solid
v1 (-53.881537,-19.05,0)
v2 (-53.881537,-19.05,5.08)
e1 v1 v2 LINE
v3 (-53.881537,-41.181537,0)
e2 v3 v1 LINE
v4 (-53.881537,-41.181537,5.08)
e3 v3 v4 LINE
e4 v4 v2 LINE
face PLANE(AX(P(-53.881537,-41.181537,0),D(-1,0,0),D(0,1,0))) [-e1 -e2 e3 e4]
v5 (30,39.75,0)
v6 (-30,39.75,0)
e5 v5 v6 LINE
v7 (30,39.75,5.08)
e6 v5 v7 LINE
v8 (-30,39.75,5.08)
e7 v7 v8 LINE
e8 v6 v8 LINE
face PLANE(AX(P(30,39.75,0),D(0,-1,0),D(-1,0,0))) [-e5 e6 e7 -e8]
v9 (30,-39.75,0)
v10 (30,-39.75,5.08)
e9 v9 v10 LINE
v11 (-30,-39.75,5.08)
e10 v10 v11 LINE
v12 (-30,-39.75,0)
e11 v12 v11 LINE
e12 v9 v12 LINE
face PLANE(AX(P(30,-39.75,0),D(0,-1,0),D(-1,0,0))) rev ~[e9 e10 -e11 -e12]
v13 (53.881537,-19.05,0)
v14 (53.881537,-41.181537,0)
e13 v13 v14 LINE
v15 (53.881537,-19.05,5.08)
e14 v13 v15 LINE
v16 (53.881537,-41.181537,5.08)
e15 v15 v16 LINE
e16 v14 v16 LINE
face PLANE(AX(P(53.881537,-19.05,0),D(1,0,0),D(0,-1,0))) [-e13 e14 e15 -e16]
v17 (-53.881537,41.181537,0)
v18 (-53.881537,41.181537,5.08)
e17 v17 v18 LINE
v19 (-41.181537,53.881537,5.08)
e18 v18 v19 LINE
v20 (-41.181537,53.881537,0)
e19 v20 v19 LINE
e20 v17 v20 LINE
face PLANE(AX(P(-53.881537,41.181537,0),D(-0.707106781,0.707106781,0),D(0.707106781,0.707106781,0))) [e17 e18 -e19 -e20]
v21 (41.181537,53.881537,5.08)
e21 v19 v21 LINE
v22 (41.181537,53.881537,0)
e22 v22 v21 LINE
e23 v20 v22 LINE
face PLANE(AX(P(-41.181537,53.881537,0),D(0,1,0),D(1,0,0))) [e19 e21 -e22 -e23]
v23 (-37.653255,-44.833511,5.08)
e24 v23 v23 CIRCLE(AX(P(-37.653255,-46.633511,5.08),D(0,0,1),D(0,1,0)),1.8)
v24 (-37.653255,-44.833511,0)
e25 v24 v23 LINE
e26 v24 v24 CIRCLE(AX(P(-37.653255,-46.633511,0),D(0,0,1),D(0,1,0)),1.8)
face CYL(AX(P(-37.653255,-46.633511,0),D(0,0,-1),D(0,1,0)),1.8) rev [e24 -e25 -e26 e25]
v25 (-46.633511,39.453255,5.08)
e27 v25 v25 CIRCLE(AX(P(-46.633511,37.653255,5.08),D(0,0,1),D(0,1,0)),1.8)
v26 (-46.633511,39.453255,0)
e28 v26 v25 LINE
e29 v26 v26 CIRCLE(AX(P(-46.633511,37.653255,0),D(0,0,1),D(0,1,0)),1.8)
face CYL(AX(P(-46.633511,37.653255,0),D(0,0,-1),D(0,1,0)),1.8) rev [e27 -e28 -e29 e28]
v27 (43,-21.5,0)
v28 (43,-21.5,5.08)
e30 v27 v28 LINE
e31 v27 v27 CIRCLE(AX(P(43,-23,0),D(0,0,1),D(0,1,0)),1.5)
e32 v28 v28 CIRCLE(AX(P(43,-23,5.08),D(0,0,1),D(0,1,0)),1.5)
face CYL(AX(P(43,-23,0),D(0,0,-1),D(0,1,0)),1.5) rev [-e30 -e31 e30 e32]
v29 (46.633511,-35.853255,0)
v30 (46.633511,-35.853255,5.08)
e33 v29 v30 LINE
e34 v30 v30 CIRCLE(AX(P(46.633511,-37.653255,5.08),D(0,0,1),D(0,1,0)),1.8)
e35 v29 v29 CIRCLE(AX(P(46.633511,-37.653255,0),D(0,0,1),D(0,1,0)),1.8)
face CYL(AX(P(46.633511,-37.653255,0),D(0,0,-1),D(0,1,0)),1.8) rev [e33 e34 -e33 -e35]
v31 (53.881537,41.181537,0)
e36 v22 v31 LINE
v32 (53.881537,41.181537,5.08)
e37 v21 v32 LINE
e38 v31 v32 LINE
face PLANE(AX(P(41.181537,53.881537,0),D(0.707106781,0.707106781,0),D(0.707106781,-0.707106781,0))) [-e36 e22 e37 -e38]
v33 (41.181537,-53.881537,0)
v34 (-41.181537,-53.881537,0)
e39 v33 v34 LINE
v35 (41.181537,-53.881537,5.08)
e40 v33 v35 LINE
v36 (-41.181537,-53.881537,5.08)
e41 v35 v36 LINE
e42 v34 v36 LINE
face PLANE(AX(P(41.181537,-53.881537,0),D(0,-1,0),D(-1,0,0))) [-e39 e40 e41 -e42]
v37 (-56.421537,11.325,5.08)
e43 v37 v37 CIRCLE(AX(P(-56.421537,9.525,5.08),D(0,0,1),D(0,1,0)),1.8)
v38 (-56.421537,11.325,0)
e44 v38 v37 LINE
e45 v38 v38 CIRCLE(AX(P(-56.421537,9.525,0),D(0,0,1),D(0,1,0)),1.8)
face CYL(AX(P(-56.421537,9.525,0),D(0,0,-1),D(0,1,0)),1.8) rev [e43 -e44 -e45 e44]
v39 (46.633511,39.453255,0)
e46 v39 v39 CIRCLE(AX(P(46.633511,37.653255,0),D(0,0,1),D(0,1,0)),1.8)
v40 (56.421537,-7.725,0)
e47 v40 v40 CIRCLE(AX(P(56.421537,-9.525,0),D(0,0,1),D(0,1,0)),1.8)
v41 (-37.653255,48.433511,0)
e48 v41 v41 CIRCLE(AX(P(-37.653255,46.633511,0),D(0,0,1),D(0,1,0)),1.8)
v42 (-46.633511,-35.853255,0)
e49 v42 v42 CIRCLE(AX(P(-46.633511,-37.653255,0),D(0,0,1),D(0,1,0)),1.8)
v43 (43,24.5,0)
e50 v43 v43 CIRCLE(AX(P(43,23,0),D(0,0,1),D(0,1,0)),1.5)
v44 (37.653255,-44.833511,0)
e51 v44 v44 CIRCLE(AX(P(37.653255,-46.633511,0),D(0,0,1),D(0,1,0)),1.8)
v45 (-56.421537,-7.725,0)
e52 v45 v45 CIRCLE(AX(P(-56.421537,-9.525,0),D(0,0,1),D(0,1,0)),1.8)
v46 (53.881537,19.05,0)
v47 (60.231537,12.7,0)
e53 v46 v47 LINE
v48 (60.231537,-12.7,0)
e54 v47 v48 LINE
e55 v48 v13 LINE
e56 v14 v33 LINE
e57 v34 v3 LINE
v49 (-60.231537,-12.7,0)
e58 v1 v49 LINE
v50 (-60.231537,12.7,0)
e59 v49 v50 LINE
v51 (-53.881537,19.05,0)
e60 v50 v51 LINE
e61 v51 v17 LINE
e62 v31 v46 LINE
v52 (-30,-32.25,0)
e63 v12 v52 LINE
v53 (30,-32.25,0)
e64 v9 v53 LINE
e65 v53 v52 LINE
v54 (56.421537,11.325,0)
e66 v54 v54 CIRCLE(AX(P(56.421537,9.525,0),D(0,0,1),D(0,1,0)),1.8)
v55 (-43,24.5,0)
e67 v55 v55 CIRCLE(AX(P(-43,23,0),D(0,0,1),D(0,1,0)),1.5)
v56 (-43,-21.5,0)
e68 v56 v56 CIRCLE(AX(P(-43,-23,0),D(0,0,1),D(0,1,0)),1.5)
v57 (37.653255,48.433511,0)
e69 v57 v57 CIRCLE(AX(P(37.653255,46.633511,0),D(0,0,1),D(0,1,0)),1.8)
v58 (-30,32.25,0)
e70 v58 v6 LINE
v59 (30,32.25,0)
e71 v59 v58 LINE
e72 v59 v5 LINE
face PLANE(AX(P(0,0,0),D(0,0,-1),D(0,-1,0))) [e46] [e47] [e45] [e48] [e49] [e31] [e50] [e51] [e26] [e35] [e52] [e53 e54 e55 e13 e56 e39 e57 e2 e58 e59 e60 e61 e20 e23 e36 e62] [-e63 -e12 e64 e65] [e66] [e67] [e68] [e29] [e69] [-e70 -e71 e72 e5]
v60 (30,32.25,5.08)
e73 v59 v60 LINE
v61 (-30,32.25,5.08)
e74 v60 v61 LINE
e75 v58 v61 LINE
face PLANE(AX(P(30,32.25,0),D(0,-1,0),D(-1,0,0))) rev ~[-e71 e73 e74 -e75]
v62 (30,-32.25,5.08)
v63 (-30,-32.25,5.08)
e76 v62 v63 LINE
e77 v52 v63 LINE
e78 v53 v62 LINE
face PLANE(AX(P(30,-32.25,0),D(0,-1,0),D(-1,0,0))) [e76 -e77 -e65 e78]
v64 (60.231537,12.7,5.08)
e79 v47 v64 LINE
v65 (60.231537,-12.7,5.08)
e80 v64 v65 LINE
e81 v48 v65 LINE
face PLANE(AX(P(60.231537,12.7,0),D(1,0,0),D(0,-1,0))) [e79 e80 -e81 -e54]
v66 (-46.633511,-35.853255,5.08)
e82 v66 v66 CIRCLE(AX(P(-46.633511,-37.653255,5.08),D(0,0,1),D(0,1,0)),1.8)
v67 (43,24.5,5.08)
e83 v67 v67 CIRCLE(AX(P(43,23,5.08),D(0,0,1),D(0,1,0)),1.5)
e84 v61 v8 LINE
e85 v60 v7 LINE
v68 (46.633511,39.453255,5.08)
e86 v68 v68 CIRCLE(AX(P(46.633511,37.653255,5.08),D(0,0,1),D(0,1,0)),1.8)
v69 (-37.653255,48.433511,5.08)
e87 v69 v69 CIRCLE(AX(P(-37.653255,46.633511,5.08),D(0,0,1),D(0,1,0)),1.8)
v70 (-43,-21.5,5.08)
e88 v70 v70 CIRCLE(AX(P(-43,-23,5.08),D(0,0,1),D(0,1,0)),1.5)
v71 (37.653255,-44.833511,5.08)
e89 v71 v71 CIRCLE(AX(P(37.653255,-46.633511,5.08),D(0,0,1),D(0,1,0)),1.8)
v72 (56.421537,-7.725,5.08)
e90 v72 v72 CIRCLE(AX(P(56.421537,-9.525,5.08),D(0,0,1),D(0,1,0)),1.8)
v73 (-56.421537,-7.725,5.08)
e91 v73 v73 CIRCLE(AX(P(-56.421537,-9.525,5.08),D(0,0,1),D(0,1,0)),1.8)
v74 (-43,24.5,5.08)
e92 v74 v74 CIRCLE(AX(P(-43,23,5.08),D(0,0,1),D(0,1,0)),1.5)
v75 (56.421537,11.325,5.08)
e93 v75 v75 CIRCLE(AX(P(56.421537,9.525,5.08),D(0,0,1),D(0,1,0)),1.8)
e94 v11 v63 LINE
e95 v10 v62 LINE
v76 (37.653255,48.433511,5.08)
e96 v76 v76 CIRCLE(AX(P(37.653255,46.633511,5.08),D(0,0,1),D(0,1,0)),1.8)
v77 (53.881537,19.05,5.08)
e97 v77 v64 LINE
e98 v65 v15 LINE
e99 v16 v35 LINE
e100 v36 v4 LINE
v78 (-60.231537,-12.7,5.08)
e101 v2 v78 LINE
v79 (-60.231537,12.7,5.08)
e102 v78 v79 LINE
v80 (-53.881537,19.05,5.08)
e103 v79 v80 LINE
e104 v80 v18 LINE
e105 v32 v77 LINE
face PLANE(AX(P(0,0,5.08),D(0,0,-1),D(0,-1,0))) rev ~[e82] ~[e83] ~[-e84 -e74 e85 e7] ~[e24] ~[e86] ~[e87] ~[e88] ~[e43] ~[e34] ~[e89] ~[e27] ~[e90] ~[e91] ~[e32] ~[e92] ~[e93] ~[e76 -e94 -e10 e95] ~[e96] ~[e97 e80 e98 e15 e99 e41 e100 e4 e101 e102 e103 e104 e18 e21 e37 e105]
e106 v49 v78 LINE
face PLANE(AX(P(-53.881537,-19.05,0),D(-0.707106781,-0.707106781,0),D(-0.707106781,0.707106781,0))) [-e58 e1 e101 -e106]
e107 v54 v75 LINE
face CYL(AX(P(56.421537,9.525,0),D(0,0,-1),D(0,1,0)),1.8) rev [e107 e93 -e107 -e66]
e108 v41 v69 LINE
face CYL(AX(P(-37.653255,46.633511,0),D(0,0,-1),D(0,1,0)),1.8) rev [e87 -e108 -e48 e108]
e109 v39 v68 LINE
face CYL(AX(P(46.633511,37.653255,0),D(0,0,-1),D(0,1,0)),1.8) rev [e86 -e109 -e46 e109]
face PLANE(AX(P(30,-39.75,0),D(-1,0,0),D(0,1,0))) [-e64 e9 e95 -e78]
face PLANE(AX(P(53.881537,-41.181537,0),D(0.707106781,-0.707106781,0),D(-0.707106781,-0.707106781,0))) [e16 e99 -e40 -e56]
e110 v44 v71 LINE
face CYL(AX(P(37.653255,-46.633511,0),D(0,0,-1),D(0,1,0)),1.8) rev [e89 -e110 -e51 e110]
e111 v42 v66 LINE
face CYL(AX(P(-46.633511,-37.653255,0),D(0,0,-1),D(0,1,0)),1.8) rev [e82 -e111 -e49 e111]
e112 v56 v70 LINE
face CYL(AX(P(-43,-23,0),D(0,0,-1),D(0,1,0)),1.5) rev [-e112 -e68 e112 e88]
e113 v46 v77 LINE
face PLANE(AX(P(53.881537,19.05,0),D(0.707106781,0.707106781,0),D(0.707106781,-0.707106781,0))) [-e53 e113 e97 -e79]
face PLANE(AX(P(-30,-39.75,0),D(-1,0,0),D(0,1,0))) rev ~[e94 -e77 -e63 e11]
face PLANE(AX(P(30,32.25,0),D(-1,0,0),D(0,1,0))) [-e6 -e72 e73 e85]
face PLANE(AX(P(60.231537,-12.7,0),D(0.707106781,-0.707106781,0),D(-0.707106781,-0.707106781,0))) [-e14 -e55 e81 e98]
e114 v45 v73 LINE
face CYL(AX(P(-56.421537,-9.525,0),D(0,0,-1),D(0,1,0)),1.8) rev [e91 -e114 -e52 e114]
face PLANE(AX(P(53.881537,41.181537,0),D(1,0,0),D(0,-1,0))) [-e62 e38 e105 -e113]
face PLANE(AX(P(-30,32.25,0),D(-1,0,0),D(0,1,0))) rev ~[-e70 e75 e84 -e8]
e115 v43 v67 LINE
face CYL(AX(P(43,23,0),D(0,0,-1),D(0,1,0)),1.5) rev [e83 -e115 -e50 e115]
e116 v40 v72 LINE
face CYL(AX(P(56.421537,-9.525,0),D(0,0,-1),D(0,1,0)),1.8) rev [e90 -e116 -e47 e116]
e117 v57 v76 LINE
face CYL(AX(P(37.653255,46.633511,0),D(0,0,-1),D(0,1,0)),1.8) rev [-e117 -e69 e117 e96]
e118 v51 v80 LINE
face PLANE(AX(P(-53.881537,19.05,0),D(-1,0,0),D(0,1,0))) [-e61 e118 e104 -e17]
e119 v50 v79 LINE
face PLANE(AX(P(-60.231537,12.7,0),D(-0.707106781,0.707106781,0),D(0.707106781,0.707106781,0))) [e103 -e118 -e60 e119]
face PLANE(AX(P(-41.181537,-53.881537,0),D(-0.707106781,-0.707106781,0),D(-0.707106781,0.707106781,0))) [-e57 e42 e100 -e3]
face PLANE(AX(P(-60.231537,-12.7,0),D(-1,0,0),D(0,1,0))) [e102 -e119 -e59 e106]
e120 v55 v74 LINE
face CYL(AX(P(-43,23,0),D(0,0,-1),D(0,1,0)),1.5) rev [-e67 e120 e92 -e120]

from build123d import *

# Parameters (mm, degrees)
SKETCH1_R           = 1.8
SKETCH1_R_2         = 1.5
SKETCH1_W           = 7.5
SKETCH1_H           = 60
BOSS_EXTRUDE1_DEPTH = 5.08


with BuildPart() as part:
    # Sketch1 → Boss-Extrude1 (new body)
    with BuildSketch(Plane(origin=(0, 0, 0), x_dir=(0, 1, 0), z_dir=(0, 0, 1))):
        Polygon((-41.181536726, 53.881536726), (-19.05, 53.881536726), (-12.7, 60.231536726), (12.7, 60.231536726), (19.05, 53.881536726), (41.181536726, 53.881536726), (53.881536726, 41.181536726), (53.881536726, -41.181536726), (41.181536726, -53.881536726), (19.05, -53.881536726), (12.7, -60.231536726), (-12.7, -60.231536726), (-19.05, -53.881536726), (-41.181536726, -53.881536726), (-53.881536726, -41.181536726), (-53.881536726, 41.181536726), align=None)
        with Locations((-46.633511114, -37.653254993)):
            Circle(SKETCH1_R, mode=Mode.SUBTRACT)
        with Locations((-37.653254993, -46.633511114)):
            Circle(SKETCH1_R, mode=Mode.SUBTRACT)
        with Locations((46.633511114, -37.653254993)):
            Circle(SKETCH1_R, mode=Mode.SUBTRACT)
        with Locations((37.653254993, -46.633511114)):
            Circle(SKETCH1_R, mode=Mode.SUBTRACT)
        with Locations((-46.633511114, 37.653254993)):
            Circle(SKETCH1_R, mode=Mode.SUBTRACT)
        with Locations((-37.653254993, 46.633511114)):
            Circle(SKETCH1_R, mode=Mode.SUBTRACT)
        with Locations((37.653254993, 46.633511114)):
            Circle(SKETCH1_R, mode=Mode.SUBTRACT)
        with Locations((46.633511114, 37.653254993)):
            Circle(SKETCH1_R, mode=Mode.SUBTRACT)
        with Locations((-23, 43)):
            Circle(SKETCH1_R_2, mode=Mode.SUBTRACT)
        with Locations((23, 43)):
            Circle(SKETCH1_R_2, mode=Mode.SUBTRACT)
        with Locations((-23, -43)):
            Circle(SKETCH1_R_2, mode=Mode.SUBTRACT)
        with Locations((23, -43)):
            Circle(SKETCH1_R_2, mode=Mode.SUBTRACT)
        with Locations((9.525, -56.421536726)):
            Circle(SKETCH1_R, mode=Mode.SUBTRACT)
        with Locations((-9.525, -56.421536726)):
            Circle(SKETCH1_R, mode=Mode.SUBTRACT)
        with Locations((-9.525, 56.421536726)):
            Circle(SKETCH1_R, mode=Mode.SUBTRACT)
        with Locations((9.525, 56.421536726)):
            Circle(SKETCH1_R, mode=Mode.SUBTRACT)
        with Locations((-36, 0)):
            Rectangle(SKETCH1_W, SKETCH1_H, mode=Mode.SUBTRACT)
        with Locations((36, 0)):
            Rectangle(SKETCH1_W, SKETCH1_H, mode=Mode.SUBTRACT)
    extrude(amount=BOSS_EXTRUDE1_DEPTH)


solid = part.part
